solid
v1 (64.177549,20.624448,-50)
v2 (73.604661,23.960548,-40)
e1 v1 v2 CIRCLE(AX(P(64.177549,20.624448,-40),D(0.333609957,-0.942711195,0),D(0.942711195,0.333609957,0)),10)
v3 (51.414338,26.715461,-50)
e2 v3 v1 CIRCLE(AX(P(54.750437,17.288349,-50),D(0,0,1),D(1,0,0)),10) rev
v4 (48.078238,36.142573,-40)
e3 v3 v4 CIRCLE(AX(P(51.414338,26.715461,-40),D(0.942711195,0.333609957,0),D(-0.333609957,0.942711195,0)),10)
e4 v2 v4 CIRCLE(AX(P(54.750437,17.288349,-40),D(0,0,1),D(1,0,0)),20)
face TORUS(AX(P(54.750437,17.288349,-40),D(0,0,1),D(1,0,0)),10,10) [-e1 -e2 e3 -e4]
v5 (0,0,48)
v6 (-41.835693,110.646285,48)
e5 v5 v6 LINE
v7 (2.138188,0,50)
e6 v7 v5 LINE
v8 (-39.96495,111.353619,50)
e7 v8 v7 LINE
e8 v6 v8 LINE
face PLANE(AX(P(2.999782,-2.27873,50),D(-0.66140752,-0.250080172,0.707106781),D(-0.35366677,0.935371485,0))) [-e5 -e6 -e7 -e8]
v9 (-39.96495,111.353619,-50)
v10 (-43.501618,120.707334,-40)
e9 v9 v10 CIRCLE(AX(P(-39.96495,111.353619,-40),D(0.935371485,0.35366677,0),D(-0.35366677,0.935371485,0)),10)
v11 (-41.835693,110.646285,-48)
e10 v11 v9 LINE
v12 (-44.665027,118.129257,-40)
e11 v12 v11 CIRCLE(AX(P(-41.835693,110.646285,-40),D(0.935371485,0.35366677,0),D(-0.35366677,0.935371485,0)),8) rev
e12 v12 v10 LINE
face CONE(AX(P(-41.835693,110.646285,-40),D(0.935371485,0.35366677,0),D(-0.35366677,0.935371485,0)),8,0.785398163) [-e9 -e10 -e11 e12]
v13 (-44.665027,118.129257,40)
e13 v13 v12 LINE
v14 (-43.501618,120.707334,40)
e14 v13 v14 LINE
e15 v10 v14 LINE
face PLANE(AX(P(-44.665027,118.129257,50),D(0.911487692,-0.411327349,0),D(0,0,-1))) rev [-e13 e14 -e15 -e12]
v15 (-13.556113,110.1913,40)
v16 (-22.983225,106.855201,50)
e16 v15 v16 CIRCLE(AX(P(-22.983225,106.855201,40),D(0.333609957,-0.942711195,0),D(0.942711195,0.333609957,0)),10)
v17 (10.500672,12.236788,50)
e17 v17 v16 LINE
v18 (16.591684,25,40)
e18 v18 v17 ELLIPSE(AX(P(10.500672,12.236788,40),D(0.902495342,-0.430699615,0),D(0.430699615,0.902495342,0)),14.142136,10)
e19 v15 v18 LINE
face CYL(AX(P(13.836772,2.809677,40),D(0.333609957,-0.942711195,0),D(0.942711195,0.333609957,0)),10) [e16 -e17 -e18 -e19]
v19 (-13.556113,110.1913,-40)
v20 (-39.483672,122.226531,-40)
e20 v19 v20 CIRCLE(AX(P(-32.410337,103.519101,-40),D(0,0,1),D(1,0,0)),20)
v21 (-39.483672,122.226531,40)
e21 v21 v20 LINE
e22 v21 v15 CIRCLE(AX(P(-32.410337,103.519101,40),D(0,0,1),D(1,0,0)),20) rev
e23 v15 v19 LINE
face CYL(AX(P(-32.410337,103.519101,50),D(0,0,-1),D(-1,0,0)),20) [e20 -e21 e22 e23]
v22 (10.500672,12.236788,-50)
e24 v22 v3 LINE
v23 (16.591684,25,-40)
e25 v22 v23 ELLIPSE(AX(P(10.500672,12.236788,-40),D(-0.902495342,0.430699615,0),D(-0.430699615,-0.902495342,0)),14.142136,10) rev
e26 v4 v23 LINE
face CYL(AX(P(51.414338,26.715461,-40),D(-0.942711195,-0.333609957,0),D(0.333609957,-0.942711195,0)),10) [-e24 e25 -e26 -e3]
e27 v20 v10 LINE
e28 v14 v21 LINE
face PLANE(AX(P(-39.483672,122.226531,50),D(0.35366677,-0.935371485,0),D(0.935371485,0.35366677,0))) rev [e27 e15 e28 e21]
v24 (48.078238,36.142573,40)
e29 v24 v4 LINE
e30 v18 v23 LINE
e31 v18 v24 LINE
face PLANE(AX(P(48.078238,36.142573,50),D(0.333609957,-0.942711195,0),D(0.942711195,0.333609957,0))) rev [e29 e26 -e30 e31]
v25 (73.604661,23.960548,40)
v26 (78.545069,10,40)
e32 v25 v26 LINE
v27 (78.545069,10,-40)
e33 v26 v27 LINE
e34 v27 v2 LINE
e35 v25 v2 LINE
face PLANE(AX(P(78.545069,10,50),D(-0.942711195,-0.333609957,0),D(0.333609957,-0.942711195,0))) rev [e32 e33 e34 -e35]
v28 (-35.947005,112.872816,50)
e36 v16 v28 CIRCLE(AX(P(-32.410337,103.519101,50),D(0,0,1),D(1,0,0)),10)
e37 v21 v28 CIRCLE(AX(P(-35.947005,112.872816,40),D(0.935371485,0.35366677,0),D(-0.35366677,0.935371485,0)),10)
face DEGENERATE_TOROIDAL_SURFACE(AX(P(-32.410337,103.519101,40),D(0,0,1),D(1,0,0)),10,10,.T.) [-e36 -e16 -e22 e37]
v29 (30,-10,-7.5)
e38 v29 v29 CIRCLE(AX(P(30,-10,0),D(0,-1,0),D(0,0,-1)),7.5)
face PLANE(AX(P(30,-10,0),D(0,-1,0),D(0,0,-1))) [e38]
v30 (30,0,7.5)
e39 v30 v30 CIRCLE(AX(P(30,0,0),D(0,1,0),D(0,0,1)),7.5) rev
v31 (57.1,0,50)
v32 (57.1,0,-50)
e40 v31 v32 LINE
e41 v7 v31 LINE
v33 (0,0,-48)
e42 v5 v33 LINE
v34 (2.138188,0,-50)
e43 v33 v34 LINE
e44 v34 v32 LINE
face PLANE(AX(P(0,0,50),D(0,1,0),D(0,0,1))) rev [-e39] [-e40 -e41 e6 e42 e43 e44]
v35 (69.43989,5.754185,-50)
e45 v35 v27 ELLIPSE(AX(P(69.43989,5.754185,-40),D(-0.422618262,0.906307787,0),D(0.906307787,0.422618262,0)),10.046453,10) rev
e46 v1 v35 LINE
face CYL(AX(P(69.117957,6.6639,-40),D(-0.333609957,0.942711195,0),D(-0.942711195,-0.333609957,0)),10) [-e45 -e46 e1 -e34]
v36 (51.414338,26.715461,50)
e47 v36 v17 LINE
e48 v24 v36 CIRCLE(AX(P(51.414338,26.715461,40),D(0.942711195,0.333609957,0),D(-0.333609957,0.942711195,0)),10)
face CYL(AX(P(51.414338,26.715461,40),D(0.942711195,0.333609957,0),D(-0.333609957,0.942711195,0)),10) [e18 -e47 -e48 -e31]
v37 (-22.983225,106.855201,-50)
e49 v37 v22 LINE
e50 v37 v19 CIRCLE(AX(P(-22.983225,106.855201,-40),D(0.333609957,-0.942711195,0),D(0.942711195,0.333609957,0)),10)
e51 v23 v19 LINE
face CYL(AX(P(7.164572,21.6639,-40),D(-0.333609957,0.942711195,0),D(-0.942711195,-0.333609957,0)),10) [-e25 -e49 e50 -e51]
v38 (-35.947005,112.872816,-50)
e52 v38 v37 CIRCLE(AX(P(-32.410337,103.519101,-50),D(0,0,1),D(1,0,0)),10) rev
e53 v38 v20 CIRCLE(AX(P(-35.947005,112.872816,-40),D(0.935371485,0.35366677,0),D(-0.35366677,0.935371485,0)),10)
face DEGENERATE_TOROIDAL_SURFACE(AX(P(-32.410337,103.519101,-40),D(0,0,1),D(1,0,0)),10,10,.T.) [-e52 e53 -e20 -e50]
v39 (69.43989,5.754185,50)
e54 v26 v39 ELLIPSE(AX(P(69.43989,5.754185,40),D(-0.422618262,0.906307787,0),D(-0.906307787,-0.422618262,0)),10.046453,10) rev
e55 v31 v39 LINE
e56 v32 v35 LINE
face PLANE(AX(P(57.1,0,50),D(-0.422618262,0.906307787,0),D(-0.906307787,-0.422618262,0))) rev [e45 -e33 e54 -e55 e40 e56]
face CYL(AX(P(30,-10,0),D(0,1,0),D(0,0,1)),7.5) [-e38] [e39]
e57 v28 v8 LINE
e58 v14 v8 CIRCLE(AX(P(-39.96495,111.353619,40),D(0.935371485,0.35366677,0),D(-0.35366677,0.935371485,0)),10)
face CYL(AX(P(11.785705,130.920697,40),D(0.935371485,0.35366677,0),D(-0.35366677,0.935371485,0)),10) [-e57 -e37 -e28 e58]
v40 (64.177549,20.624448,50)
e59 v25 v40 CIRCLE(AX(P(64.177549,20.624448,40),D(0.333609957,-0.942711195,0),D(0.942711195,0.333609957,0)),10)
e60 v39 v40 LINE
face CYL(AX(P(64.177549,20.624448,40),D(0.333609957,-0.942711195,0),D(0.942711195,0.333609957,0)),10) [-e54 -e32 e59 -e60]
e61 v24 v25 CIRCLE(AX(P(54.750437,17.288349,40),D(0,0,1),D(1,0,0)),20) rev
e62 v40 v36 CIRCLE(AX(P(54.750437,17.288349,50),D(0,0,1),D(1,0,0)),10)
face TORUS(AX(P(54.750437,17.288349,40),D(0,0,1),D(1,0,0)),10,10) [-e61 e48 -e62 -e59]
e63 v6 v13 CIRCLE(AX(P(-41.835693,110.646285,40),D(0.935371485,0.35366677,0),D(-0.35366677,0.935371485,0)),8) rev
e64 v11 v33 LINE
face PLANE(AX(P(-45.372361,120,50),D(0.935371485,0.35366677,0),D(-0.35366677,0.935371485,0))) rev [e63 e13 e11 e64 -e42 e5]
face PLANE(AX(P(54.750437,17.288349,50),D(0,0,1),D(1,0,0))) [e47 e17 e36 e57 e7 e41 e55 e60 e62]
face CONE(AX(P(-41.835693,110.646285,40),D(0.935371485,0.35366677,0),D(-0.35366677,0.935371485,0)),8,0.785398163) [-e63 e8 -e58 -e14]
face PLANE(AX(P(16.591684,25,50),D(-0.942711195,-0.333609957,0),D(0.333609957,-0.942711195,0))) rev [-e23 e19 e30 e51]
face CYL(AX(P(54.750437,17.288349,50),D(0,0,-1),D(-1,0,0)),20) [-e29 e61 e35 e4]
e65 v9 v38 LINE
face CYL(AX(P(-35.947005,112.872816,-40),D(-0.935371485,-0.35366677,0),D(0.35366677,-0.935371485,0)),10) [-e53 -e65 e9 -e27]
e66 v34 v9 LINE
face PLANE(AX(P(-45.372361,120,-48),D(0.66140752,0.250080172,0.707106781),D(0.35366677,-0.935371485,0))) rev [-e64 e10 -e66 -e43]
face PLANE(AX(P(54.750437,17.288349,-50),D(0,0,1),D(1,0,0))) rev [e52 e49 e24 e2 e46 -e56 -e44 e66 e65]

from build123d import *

# Parameters (mm, degrees)
Y_KSEKLIK_EKSTR_ZYON1_DEPTH = 50
IZIM2_R                     = 7.5
Y_KSEKLIK_EKSTR_ZYON2_DEPTH = 10
RADYUS1_R                   = 10
PAH1_SIZE                   = 2


with BuildPart() as part:
    # Çizim1 → Yükseklik-Ekstrüzyon1 (new, symmetric)
    with BuildSketch(Plane.XY):
        with BuildLine():
            Line((-45.372360711, 120), (0, 0))
            Line((0, 0), (57.1, 0))
            Line((57.1, 0), (78.545069205, 10))
            Line((78.545069205, 10), (73.604661371, 23.960547839))
            ThreePointArc((73.604661371, 23.960547839), (63.364429783, 35.33825552), (48.078238331, 36.14257258))
            Line((48.078238331, 36.14257258), (16.591684434, 25))
            Line((16.591684434, 25), (-13.556112922, 110.191300263))
            ThreePointArc((-13.556112922, 110.191300263), (-23.989587023, 121.659965839), (-39.483672218, 122.22653082))
            Line((-39.483672218, 122.22653082), (-45.372360711, 120))
        make_face()
    extrude(amount=Y_KSEKLIK_EKSTR_ZYON1_DEPTH, both=True)

    # Çizim2 → Yükseklik-Ekstrüzyon2 (add)
    with BuildSketch(Plane.XZ):
        with Locations(Location((30, 0, 0), (0, 0, 90))):
            Circle(IZIM2_R)
    extrude(amount=Y_KSEKLIK_EKSTR_ZYON2_DEPTH)

    # Radyus1
    radyus1_edges = [part.edges().sort_by_distance(p)[0] for p in [
        (76.074865288, 16.980273919, -50),
        (-42.428016465, 121.11326541, -50),
        (76.074865288, 16.980273919, 50),
        (63.364429783, 35.33825552, 50),
        (32.334961383, 30.57128629, 50),
        (1.517785756, 67.595650131, 50),
        (-23.989587023, 121.659965839, 50),
        (-42.428016465, 121.11326541, 50),
        (-23.989587023, 121.659965839, -50),
        (1.517785756, 67.595650131, -50),
        (32.334961383, 30.57128629, -50),
        (63.364429783, 35.33825552, -50),
    ]]
    fillet(radyus1_edges, radius=RADYUS1_R)

    # Pah1
    pah1_edges = [part.edges().sort_by_distance(p)[0] for p in [
        (-20.917846504, 55.323142573, -50),
        (-20.917846504, 55.323142573, 50),
        (-45.372360711, 120, 0),
        (-44.336494724, 117.260360349, 47.071067812),
        (-44.336494724, 117.260360349, -47.071067812),
    ]]
    chamfer(pah1_edges, length=PAH1_SIZE)


solid = part.part
